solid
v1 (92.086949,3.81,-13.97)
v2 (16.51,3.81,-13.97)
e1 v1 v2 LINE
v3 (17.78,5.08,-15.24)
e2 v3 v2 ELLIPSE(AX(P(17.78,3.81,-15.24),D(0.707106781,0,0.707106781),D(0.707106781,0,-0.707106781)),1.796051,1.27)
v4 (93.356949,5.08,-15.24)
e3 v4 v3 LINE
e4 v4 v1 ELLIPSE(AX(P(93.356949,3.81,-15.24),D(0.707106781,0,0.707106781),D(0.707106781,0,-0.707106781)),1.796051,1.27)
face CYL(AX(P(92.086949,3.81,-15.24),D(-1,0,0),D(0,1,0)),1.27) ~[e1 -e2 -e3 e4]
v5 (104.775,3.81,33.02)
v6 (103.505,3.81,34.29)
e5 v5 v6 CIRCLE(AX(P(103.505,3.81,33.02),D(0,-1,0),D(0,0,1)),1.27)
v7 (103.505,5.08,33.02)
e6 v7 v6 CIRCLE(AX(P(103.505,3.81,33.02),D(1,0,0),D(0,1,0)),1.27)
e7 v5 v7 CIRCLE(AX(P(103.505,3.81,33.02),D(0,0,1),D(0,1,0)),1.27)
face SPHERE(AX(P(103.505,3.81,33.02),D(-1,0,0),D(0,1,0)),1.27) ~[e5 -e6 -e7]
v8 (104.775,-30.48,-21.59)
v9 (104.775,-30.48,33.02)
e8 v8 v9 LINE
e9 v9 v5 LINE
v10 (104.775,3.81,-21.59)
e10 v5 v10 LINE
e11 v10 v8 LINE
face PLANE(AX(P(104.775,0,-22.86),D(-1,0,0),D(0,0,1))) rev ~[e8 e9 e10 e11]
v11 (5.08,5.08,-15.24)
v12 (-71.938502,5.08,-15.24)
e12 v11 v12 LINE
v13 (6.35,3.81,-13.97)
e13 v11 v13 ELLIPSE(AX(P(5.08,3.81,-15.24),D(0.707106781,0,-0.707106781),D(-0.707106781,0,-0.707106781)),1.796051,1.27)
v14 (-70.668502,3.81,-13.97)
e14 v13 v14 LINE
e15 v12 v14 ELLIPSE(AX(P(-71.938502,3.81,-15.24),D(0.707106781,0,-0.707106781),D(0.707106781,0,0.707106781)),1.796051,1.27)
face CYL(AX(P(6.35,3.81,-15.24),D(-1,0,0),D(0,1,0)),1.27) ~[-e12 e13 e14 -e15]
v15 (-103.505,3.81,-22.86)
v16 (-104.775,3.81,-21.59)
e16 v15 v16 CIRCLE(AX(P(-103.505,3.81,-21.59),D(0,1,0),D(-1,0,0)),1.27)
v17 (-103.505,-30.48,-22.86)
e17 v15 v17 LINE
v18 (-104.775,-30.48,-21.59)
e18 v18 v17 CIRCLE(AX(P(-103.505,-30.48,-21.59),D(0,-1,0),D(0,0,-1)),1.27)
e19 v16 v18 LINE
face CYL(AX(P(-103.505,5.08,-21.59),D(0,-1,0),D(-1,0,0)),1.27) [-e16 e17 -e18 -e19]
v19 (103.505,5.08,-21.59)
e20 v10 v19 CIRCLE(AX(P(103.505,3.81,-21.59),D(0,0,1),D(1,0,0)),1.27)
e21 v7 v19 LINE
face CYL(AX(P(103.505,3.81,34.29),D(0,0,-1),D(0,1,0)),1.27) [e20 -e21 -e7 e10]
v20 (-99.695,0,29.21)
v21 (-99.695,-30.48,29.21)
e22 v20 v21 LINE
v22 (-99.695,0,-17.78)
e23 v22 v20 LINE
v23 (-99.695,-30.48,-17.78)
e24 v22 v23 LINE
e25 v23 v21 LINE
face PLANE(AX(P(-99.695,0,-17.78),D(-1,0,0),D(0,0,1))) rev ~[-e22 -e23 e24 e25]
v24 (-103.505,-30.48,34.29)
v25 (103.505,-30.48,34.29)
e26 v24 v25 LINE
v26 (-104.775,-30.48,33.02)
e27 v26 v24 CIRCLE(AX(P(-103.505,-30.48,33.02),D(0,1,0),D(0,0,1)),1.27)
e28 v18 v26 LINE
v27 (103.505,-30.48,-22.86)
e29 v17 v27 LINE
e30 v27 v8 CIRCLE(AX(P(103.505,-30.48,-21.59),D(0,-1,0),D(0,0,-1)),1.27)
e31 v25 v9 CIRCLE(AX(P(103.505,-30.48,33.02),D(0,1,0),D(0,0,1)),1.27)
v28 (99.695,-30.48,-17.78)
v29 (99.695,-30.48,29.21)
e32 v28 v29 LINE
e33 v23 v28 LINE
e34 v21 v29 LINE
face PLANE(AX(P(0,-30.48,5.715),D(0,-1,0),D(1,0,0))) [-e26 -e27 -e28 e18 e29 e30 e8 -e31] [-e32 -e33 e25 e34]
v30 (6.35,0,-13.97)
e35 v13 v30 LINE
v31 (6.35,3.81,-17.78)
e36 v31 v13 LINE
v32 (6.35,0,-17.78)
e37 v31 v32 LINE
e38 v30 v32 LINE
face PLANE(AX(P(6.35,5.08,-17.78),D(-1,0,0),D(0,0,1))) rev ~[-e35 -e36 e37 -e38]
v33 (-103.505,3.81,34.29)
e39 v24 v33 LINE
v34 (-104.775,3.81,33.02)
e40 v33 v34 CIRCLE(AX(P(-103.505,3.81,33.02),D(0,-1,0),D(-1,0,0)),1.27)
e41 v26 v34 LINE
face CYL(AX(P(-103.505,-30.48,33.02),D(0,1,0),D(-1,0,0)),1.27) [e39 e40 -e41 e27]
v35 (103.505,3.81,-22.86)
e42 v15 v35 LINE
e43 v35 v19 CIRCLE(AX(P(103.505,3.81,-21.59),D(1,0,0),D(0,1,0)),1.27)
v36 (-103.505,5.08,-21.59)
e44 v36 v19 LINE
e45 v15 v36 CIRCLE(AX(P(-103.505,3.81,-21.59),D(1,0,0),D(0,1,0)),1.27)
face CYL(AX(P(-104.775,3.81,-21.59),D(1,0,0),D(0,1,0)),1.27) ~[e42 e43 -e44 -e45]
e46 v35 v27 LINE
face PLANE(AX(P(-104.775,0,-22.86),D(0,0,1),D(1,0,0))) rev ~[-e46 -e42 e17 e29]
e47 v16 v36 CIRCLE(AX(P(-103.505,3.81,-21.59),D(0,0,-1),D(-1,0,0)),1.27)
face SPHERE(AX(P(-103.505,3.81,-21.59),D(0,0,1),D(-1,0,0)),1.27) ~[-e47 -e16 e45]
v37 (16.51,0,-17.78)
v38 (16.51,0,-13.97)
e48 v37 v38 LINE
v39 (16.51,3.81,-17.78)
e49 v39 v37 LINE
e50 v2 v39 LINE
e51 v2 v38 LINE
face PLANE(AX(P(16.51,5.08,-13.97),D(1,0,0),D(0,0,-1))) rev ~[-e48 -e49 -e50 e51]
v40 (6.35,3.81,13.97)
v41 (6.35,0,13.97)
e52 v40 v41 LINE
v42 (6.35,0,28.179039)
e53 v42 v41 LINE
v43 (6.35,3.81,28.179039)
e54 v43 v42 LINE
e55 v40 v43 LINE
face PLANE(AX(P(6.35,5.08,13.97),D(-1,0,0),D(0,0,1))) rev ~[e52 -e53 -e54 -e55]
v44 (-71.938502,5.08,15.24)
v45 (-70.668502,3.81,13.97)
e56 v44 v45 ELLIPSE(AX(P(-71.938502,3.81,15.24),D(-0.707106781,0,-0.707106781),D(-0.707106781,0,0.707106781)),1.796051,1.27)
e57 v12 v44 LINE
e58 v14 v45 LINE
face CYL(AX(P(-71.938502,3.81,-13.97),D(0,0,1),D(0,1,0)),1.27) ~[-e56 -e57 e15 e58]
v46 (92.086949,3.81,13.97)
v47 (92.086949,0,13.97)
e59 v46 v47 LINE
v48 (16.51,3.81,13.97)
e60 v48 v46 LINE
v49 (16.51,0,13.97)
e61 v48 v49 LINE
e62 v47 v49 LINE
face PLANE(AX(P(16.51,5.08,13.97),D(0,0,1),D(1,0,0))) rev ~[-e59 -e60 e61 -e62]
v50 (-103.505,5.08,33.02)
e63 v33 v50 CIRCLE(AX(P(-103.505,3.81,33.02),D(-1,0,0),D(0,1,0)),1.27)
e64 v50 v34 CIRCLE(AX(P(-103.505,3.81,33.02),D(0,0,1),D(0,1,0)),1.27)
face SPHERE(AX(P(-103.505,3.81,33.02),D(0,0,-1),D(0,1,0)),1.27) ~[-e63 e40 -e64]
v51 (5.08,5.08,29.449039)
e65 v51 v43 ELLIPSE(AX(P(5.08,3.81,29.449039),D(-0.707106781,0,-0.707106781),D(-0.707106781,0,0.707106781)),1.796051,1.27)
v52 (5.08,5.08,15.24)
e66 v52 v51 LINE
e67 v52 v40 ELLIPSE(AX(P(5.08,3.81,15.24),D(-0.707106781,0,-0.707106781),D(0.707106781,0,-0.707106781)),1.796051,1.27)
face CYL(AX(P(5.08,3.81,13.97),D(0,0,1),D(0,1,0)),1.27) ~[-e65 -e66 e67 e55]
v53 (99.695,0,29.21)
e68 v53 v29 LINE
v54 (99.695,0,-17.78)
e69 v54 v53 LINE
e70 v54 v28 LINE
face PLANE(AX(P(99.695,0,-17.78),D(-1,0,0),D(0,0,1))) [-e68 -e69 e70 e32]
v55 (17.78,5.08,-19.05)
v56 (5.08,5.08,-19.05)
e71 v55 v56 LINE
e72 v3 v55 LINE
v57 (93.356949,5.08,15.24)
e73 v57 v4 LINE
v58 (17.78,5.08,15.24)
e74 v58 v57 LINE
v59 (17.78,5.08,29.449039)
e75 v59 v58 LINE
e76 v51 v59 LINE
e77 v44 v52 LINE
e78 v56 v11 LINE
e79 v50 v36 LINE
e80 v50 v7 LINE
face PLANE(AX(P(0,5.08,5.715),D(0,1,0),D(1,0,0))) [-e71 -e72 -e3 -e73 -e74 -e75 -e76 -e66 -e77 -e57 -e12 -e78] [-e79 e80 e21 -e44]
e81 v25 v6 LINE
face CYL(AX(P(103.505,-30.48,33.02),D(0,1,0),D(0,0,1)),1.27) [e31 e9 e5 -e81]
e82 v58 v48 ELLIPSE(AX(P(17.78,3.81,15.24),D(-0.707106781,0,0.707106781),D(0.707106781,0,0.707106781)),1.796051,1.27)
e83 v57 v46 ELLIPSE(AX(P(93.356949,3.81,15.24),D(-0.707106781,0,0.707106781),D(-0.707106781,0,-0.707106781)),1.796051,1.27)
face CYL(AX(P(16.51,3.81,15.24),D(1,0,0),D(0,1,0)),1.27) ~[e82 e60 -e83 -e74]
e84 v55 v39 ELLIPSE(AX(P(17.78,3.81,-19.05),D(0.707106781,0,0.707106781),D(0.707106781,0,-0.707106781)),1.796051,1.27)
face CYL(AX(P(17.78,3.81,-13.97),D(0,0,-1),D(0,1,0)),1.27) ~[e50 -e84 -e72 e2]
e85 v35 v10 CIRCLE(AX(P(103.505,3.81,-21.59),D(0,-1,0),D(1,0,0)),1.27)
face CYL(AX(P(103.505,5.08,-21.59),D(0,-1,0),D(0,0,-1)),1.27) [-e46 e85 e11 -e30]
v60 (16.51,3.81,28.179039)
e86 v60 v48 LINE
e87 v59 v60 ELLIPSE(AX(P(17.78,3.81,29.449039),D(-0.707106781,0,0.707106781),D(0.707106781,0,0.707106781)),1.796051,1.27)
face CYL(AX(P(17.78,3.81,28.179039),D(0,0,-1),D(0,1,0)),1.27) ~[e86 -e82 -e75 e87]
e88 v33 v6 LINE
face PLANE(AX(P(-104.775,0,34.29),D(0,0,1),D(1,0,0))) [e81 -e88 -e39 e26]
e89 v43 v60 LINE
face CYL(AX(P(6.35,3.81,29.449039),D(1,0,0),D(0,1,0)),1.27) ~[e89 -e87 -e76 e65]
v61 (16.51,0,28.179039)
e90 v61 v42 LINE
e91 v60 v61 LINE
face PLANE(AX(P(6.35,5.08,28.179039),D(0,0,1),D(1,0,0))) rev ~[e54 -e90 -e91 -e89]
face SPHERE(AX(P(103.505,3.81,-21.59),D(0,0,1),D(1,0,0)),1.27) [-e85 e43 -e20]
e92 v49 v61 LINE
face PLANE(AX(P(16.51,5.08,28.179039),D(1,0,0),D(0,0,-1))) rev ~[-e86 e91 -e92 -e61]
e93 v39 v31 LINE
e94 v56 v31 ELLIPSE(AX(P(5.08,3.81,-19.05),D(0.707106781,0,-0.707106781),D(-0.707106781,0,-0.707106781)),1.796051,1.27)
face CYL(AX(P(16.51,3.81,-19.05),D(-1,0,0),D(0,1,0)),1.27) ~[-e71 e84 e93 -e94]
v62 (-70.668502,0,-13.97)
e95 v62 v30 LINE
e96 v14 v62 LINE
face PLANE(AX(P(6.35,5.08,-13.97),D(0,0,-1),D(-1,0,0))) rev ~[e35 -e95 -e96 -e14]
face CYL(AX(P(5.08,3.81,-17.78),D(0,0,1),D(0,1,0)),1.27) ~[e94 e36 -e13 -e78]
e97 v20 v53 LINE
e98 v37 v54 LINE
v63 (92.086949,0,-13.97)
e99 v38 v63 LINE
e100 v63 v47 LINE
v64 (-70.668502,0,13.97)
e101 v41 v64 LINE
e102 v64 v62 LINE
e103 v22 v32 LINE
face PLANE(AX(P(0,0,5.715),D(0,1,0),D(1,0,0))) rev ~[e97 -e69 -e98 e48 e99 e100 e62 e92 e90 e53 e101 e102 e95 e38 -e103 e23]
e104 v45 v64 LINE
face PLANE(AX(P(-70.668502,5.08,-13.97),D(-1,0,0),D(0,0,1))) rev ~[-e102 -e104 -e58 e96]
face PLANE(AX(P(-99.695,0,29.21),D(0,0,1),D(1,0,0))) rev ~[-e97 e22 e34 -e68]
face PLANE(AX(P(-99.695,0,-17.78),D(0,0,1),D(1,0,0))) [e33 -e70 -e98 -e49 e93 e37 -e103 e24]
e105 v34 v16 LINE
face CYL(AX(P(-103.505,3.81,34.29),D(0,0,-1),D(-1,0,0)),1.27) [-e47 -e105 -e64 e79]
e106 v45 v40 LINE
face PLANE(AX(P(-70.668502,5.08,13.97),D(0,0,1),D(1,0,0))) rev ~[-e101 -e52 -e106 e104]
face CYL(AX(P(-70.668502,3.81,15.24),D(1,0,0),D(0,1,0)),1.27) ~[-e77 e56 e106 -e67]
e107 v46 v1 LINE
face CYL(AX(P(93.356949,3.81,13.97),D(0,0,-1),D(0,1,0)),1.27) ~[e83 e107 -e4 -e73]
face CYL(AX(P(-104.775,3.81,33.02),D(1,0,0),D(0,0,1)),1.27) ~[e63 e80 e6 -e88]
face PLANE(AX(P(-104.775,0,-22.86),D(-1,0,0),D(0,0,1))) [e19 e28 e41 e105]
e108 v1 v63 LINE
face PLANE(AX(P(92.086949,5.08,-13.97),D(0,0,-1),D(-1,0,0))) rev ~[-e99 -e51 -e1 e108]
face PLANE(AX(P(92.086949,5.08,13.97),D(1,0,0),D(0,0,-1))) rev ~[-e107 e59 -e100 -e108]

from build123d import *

# Parameters (mm, degrees)
SKETCH1_W           = 209.55
SKETCH1_H           = 57.15
BOSS_EXTRUDE1_DEPTH = 5.08
SKETCH2_W           = 209.55
SKETCH2_H           = 57.15
SKETCH2_W_2         = 199.39
SKETCH2_H_2         = 46.99
BOSS_EXTRUDE2_DEPTH = 30.48
CUT_EXTRUDE2_REACH  = 117.837
FILLET1_R           = 1.27


with BuildPart() as part:
    # Sketch1 → Boss-Extrude1 (new body)
    with BuildSketch(Plane(origin=(0, 0, 0), x_dir=(1, 0, 0), z_dir=(0, 1, 0))):
        with Locations((0, -5.715)):
            Rectangle(SKETCH1_W, SKETCH1_H)
    extrude(amount=BOSS_EXTRUDE1_DEPTH)

    # Sketch2 → Boss-Extrude2 (add)
    with BuildSketch(Plane.XZ):
        with Locations((0, 5.715)):
            Rectangle(SKETCH2_W, SKETCH2_H)
        with Locations((0, 5.715)):
            Rectangle(SKETCH2_W_2, SKETCH2_H_2, mode=Mode.SUBTRACT)
    extrude(amount=BOSS_EXTRUDE2_DEPTH)

    # Sketch3 → Cut-Extrude2 (cut, up to next)
    with BuildSketch(Plane(origin=(0, 5.08, 0), x_dir=(1, 0, 0), z_dir=(0, 1, 0)), mode=Mode.PRIVATE) as cut_extrude2_sk1:
        Polygon((6.35, 13.97), (-70.668502474, 13.97), (-70.668502474, -13.97), (6.35, -13.97), (6.35, -28.17903858), (16.51, -28.17903858), (16.51, -13.97), (92.086948761, -13.97), (92.086948761, 13.97), (16.51, 13.97), (16.51, 17.78), (6.35, 17.78), align=None)
    cut_extrude2_tool1 = extrude(cut_extrude2_sk1.sketch, amount=-CUT_EXTRUDE2_REACH, mode=Mode.PRIVATE) & part.part
    add(cut_extrude2_tool1.solids().sort_by_distance((10.737118, 5.08, 0.513245))[0], mode=Mode.SUBTRACT)

    # Fillet1
    fillet1_edges = [part.edges().sort_by_distance(p)[0] for p in [
        (-104.775, 5.08, 5.715),
        (0, 5.08, 34.29),
        (92.086948761, 5.08, 0),
        (-70.668502474, 5.08, 0),
        (-32.159251237, 5.08, 13.97),
        (6.35, 5.08, 21.07451929),
        (11.43, 5.08, 28.17903858),
        (54.29847438, 5.08, 13.97),
        (104.775, 5.08, 5.715),
        (16.51, 5.08, -15.875),
        (-32.159251237, 5.08, -13.97),
        (54.29847438, 5.08, -13.97),
        (16.51, 5.08, 21.07451929),
        (11.43, 5.08, -17.78),
        (6.35, 5.08, -15.875),
        (104.775, -12.7, 34.29),
        (-104.775, -12.7, 34.29),
        (-104.775, -12.7, -22.86),
        (104.775, -12.7, -22.86),
        (0, 5.08, -22.86),
    ]]
    fillet(fillet1_edges, radius=FILLET1_R)


solid = part.part
